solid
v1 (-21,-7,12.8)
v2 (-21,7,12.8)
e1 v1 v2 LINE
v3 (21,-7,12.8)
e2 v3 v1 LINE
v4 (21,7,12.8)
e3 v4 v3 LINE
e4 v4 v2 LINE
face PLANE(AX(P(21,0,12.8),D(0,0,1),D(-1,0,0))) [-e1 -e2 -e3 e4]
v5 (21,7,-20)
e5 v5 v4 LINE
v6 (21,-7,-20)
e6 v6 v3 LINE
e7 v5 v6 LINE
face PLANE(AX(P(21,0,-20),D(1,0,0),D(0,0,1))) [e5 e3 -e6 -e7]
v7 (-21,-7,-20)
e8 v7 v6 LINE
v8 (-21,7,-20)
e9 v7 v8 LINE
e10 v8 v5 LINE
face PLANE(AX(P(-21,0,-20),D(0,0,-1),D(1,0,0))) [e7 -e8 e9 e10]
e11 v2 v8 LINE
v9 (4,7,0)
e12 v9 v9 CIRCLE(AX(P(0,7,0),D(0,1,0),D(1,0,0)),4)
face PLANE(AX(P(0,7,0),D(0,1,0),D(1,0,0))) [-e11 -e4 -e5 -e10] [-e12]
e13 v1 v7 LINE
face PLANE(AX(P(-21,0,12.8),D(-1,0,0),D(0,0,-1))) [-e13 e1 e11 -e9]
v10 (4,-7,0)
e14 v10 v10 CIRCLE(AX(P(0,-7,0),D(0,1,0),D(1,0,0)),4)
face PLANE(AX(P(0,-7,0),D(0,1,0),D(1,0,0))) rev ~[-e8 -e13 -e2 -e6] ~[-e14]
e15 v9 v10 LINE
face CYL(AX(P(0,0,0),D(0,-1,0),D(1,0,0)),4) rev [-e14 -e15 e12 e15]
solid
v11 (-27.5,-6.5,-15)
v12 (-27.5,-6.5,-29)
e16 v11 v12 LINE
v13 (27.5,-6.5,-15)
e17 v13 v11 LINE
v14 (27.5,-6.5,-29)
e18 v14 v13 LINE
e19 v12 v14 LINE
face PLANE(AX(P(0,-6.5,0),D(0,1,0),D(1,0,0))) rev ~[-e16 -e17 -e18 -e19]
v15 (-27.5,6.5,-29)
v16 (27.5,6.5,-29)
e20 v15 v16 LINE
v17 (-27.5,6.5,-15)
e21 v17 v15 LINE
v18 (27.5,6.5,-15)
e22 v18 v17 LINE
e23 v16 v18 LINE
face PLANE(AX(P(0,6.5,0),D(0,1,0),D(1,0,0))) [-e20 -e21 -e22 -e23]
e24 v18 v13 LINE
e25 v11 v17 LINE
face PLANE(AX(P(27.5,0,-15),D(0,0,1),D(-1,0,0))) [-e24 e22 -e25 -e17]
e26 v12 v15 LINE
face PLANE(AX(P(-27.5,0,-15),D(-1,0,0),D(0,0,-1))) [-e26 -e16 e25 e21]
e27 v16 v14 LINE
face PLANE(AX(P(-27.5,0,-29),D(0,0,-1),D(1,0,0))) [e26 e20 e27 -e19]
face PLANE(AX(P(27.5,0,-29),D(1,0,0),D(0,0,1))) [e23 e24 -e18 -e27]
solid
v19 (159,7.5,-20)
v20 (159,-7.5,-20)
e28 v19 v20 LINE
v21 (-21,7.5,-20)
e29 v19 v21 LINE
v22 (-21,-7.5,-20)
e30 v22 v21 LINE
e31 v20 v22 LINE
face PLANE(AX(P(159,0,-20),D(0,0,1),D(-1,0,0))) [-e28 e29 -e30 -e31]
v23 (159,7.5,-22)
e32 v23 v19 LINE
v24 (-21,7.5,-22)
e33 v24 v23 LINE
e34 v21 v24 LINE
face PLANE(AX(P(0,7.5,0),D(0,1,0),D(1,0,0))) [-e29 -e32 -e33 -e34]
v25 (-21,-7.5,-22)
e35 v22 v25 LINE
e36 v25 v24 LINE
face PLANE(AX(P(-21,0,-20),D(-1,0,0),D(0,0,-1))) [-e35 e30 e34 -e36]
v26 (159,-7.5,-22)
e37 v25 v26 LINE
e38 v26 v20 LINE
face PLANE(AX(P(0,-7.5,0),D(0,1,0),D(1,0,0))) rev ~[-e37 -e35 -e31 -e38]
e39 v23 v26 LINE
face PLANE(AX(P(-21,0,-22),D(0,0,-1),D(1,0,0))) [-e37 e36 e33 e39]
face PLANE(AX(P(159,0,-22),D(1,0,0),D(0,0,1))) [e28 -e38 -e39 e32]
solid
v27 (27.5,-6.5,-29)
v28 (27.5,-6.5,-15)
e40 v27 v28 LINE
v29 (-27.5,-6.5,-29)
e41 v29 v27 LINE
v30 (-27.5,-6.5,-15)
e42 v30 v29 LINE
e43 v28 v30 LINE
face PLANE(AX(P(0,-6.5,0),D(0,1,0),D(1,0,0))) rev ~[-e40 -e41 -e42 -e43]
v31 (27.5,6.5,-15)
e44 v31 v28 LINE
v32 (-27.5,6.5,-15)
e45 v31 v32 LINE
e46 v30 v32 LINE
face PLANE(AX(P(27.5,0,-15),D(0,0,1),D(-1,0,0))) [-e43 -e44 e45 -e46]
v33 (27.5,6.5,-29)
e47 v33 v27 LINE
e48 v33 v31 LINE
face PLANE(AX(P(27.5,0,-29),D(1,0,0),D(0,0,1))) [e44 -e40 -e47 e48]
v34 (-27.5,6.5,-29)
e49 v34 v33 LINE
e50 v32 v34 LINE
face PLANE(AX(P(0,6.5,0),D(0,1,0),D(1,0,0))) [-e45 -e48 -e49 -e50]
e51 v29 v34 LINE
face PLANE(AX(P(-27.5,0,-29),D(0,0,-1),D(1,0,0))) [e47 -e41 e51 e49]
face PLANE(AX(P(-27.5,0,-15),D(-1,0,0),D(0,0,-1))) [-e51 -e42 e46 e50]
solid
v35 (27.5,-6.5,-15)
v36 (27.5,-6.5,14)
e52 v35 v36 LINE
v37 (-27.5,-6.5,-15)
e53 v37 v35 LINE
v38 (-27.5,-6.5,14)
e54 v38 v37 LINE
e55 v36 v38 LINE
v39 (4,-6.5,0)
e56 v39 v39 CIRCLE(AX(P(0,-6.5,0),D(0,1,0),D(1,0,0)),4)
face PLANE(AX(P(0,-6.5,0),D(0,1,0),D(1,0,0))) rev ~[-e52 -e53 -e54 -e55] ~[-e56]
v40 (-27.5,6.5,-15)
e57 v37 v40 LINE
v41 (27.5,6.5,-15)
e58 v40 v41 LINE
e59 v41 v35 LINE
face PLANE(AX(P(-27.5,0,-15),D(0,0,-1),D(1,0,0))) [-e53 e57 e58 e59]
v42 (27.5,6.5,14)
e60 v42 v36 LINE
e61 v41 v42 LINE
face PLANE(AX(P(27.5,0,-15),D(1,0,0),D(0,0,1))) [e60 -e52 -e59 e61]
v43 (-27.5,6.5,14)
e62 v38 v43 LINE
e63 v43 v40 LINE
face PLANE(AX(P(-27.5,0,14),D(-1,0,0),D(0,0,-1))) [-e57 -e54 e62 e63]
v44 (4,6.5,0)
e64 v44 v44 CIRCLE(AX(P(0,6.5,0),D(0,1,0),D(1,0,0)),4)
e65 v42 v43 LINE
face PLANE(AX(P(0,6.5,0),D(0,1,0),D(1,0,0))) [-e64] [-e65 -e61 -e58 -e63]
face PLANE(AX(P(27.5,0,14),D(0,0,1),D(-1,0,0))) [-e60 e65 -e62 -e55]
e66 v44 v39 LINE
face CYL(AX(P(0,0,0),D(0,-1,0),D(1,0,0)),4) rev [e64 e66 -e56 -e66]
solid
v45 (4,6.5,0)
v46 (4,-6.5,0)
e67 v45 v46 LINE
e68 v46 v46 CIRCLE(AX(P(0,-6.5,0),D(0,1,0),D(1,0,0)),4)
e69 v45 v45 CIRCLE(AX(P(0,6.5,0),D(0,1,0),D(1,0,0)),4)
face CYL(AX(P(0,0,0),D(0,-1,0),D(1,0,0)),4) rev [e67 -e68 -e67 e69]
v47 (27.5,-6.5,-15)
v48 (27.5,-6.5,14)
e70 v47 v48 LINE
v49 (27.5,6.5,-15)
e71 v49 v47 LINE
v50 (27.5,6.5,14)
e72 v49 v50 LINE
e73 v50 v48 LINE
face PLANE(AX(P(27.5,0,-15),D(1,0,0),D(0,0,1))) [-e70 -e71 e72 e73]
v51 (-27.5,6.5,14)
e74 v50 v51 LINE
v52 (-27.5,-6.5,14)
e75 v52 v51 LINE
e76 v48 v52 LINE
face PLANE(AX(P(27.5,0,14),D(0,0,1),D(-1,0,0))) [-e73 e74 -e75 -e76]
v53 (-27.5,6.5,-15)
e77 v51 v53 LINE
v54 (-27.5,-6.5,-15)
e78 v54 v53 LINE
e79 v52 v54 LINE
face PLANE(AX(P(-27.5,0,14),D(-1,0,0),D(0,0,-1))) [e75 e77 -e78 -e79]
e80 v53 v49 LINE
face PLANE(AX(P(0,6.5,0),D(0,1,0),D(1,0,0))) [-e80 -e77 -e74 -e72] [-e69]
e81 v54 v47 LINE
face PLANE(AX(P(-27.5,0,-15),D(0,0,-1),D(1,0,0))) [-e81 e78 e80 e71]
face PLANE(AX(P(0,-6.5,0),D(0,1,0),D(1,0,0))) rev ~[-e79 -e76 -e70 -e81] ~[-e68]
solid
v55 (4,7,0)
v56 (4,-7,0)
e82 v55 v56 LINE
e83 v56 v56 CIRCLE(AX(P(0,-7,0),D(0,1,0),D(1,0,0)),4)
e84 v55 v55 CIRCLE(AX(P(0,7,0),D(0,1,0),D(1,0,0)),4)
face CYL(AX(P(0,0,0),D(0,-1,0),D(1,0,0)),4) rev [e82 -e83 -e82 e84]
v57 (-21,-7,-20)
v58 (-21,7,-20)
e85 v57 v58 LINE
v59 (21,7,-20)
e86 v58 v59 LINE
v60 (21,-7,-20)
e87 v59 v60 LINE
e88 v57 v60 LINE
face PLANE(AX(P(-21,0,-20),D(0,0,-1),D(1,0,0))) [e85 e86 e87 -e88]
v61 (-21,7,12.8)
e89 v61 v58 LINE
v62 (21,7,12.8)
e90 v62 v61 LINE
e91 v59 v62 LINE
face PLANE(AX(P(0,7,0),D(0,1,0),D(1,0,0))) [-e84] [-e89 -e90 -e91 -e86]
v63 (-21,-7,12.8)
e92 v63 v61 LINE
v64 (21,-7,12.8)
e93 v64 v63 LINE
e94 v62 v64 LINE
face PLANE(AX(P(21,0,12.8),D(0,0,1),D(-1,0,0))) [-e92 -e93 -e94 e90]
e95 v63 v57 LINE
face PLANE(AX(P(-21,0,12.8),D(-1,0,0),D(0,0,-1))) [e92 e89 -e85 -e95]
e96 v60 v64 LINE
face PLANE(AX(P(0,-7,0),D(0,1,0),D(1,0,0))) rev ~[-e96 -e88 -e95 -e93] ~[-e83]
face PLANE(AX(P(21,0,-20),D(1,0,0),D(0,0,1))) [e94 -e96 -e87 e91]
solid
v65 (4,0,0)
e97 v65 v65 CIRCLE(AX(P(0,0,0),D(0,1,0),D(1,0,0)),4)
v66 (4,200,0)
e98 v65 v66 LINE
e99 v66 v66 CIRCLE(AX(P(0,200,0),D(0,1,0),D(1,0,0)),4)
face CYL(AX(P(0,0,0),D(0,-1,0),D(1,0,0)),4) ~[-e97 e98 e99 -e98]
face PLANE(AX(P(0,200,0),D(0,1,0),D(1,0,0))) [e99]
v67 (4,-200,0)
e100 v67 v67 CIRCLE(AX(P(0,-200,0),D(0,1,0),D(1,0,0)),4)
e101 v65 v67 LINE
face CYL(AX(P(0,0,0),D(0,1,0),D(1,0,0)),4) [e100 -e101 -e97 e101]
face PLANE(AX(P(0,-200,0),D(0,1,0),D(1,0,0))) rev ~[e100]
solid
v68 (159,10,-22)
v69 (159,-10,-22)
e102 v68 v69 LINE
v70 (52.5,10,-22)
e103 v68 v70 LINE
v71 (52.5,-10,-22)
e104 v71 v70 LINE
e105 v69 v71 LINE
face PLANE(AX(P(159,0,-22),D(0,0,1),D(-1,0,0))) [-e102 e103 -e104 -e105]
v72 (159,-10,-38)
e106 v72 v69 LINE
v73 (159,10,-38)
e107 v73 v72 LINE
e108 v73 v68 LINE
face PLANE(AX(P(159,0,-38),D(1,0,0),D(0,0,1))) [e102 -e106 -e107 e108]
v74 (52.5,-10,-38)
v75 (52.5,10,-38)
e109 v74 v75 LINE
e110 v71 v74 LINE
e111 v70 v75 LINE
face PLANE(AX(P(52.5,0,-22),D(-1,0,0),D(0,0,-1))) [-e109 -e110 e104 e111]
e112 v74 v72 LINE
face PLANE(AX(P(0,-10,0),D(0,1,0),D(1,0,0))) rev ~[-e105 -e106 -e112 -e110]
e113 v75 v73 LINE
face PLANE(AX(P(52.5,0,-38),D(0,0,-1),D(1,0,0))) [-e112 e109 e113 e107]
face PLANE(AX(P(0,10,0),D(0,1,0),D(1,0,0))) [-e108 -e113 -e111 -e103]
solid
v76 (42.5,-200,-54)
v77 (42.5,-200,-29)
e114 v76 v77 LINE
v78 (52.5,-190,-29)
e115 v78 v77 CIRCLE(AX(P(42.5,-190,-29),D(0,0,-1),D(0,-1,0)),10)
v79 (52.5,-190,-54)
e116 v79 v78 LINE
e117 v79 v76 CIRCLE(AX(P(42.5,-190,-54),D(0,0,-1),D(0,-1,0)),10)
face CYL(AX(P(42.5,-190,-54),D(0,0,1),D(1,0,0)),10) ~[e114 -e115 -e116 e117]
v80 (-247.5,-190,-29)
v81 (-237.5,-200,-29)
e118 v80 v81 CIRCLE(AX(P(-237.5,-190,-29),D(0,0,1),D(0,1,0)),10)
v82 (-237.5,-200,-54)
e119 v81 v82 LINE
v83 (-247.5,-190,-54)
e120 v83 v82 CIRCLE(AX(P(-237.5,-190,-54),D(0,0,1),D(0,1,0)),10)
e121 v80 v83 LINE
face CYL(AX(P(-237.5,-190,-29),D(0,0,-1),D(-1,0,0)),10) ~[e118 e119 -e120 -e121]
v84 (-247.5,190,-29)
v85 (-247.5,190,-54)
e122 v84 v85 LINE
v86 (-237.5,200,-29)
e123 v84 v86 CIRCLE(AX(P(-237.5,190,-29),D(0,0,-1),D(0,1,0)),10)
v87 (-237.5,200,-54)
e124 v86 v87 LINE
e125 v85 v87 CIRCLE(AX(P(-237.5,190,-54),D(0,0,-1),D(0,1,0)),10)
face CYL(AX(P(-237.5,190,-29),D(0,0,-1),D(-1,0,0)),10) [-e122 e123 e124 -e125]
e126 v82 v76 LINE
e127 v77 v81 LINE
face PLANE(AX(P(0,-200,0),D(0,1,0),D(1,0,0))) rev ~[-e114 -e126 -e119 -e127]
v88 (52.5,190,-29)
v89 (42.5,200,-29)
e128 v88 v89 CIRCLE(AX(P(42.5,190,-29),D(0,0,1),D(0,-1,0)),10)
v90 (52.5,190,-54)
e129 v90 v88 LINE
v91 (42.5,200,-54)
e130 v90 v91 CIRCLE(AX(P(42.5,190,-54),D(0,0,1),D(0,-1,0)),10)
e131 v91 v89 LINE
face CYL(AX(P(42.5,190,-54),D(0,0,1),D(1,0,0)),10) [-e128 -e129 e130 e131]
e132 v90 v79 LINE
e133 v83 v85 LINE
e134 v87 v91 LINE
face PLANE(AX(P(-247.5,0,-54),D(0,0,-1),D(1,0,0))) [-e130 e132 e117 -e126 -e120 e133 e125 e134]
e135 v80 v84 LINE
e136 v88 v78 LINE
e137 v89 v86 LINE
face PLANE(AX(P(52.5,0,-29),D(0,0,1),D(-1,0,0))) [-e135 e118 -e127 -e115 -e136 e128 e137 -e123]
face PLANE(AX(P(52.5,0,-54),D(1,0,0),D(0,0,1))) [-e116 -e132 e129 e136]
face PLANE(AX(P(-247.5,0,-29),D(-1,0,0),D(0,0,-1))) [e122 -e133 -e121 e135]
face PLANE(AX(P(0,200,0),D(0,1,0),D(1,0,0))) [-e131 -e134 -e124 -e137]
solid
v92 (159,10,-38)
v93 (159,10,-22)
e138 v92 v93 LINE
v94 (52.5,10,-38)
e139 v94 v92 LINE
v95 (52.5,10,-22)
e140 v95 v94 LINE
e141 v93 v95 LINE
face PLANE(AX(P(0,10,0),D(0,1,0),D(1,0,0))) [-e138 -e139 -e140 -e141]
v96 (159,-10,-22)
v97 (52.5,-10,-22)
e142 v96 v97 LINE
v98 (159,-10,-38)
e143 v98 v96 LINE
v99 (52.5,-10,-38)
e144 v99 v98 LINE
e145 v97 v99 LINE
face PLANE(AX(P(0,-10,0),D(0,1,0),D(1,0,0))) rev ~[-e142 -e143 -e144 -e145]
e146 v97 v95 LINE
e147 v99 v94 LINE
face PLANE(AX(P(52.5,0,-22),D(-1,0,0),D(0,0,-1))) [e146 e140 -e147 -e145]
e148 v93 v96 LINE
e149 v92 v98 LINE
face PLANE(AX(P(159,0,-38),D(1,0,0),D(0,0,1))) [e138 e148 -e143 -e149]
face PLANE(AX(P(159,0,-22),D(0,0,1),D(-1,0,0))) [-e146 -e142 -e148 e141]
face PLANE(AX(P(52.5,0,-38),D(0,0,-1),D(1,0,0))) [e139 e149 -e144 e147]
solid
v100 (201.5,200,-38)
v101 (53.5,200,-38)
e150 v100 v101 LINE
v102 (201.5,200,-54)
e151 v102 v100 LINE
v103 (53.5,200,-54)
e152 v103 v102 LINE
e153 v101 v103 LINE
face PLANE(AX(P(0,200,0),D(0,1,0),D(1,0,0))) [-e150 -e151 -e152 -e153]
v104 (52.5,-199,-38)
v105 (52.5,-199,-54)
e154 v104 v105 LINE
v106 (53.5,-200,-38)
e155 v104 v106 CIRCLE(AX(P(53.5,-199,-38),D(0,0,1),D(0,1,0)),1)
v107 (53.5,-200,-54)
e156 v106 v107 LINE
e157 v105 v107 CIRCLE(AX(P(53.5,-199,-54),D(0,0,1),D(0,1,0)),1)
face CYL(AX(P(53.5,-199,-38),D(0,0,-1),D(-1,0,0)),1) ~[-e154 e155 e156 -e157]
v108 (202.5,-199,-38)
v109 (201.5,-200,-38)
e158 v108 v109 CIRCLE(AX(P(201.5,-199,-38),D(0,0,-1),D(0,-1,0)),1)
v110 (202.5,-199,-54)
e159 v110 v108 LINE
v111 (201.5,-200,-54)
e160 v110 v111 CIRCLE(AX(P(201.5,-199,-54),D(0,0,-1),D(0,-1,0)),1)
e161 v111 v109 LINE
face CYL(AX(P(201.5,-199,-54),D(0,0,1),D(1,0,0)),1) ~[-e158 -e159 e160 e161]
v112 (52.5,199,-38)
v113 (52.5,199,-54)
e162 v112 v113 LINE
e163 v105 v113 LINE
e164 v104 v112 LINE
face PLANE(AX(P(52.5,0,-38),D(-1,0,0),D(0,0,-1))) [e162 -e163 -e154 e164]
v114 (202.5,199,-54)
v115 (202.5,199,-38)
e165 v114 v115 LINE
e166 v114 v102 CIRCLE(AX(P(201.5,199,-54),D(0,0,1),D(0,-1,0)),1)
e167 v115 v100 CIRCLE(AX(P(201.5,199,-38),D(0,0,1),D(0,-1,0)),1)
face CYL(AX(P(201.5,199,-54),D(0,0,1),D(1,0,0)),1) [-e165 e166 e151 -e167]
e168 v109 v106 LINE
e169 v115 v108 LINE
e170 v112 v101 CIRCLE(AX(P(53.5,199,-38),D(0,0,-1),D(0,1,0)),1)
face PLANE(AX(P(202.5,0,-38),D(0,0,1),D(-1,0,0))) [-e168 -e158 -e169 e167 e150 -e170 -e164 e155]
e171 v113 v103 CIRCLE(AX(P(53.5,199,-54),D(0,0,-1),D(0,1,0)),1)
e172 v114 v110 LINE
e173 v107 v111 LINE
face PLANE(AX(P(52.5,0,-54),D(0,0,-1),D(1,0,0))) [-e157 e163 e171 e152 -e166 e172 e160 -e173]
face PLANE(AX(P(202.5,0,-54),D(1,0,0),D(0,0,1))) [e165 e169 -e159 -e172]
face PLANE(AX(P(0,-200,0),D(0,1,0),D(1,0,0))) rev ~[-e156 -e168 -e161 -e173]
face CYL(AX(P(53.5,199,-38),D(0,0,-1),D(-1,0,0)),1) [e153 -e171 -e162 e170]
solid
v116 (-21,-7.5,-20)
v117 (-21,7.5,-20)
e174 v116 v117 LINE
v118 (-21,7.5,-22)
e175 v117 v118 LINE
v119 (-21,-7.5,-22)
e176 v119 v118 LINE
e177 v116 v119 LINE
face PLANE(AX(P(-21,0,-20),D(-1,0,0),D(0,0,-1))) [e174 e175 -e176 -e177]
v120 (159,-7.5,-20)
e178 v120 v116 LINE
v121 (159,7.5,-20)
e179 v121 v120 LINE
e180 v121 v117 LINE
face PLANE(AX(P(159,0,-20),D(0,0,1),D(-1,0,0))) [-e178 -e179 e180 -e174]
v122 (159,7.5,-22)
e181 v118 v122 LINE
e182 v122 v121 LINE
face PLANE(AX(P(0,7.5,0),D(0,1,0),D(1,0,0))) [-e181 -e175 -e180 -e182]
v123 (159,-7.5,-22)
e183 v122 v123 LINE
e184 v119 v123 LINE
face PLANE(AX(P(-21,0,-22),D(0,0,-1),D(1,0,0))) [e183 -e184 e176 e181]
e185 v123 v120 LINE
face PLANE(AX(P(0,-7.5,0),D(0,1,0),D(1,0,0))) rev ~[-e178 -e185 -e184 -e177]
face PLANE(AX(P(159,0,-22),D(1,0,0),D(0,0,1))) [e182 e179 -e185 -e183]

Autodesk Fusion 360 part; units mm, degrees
sketch "Sketch1" plane through (0, 0, 0) normal (0, 1, 0) x (1, 0, 0) in component "Base"
  line L0 (-247.5, 54) -> (52.5, 54)
  line L1 (52.5, 54) -> (52.5, 29)
  line L2 (52.5, 29) -> (-247.5, 29)
  line L3 (-247.5, 29) -> (-247.5, 54)
extrude "Extrude1" add sketch "Sketch1" along normal mid plane 400 makes body 1 in component "Base"
fillet "Fillet1" radius 10 4 edges at (-247.5, -200, -41.5) (52.5, -200, -41.5) (-247.5, 200, -41.5) (52.5, 200, -41.5) on bodies 1 in component "Base"
sketch "Sketch1 (2)" plane through (0, 0, 0) normal (0, 1, 0) x (1, 0, 0) in component "KP08"
  line L0 (-27.5, 15) -> (27.5, 15)
  line L1 (27.5, 15) -> (27.5, -14)
  line L2 (27.5, -14) -> (-27.5, -14)
  line L3 (-27.5, -14) -> (-27.5, 15)
  circle A0 centre (0, 0) radius 4
extrude "Extrude1'" add sketch "Sketch1 (2)" along normal mid plane 13 separate body makes body 2 in component "KP08"
sketch "Sketch2" plane through (0, 0, 0) normal (0, 1, 0) x (1, 0, 0) in component "KP08"
  line L0 (-27.5, 29) -> (27.5, 29)
  line L1 (27.5, 29) -> (27.5, 15)
  line L2 (27.5, 15) -> (-27.5, 15)
  line L3 (-27.5, 15) -> (-27.5, 29)
extrude "Extrude2" add sketch "Sketch2" along normal mid plane 13 separate body makes body 3 in component "KP08"
sketch "Sketch1 (3)" plane through (0, 0, 0) normal (0, 1, 0) x (1, 0, 0) in component "Swing"
  circle A0 centre (0, 0) radius 4
extrude "Extrude1''" add sketch "Sketch1 (3)" along normal mid plane 400 separate body makes body 4 in component "Swing"
sketch "Sketch2 (2)" plane through (0, 0, 0) normal (0, 1, 0) x (1, 0, 0) in component "Swing"
  line L0 (52.5, 54) -> (202.5, 54)
  line L1 (202.5, 54) -> (202.5, 38)
  line L2 (202.5, 38) -> (52.5, 38)
  line L3 (52.5, 38) -> (52.5, 54)
extrude "Extrude2'" add sketch "Sketch2 (2)" along normal mid plane 400 separate body makes body 5 in component "Swing"
fillet "Fillet1'" radius 1 4 edges at (52.5, -200, -46) (202.5, -200, -46) (52.5, 200, -46) (202.5, 200, -46) on bodies 5 in component "Swing"
sketch "Sketch1 (4)" plane through (0, 0, 0) normal (0, 1, 0) x (1, 0, 0) in component "SK8-hand-holder"
  line L0 (-21, 20) -> (21, 20)
  line L1 (21, 20) -> (21, -12.8)
  line L2 (21, -12.8) -> (-21, -12.8)
  line L3 (-21, -12.8) -> (-21, 20)
  circle A0 centre (0, 0) radius 4
extrude "Extrude1'''" add sketch "Sketch1 (4)" along normal mid plane 14 separate body makes body 6 in component "SK8-hand-holder"
sketch "Sketch2 (3)" plane through (0, 0, 0) normal (0, 1, 0) x (1, 0, 0) in component "SK8-hand-holder"
  line L0 (-21, 22) -> (159, 22)
  line L1 (159, 22) -> (159, 20)
  line L2 (159, 20) -> (-21, 20)
  line L3 (-21, 20) -> (-21, 22)
extrude "Extrude2''" add sketch "Sketch2 (3)" along normal mid plane 15 separate body makes body 7 in component "SK8-hand-holder"
sketch "Sketch3" plane through (0, 0, 0) normal (0, 1, 0) x (1, 0, 0) in component "SK8-hand-holder"
  line L0 (52.5, 38) -> (159, 38)
  line L1 (159, 38) -> (159, 22)
  line L2 (159, 22) -> (52.5, 22)
  line L3 (52.5, 22) -> (52.5, 38)
extrude "Extrude3" add sketch "Sketch3" along normal mid plane 20 separate body makes body 8 in component "SK8-hand-holder"
component "Base" placed x (1, 0, 0) y (0, 1, 0) z (0, 0, 1) at (0, 0, 0)
component "Swing" placed x (1, 0, 0) y (0, 1, 0) z (0, 0, 1) at (0, 0, 0)
component "KP08" placed x (1, 0, 0) y (0, 1, 0) z (0, 0, 1) at (0, 0, 0) in component "Base"
component "KP08" placed x (1, 0, 0) y (0, 1, 0) z (0, 0, 1) at (0, 0, 0) in component "Base"
component "SK8-hand-holder" placed x (1, 0, 0) y (0, 1, 0) z (0, 0, 1) at (0, 0, 0) in component "Swing"
component "SK8-hand-holder" placed x (1, 0, 0) y (0, 1, 0) z (0, 0, 1) at (0, 0, 0) in component "Swing"
